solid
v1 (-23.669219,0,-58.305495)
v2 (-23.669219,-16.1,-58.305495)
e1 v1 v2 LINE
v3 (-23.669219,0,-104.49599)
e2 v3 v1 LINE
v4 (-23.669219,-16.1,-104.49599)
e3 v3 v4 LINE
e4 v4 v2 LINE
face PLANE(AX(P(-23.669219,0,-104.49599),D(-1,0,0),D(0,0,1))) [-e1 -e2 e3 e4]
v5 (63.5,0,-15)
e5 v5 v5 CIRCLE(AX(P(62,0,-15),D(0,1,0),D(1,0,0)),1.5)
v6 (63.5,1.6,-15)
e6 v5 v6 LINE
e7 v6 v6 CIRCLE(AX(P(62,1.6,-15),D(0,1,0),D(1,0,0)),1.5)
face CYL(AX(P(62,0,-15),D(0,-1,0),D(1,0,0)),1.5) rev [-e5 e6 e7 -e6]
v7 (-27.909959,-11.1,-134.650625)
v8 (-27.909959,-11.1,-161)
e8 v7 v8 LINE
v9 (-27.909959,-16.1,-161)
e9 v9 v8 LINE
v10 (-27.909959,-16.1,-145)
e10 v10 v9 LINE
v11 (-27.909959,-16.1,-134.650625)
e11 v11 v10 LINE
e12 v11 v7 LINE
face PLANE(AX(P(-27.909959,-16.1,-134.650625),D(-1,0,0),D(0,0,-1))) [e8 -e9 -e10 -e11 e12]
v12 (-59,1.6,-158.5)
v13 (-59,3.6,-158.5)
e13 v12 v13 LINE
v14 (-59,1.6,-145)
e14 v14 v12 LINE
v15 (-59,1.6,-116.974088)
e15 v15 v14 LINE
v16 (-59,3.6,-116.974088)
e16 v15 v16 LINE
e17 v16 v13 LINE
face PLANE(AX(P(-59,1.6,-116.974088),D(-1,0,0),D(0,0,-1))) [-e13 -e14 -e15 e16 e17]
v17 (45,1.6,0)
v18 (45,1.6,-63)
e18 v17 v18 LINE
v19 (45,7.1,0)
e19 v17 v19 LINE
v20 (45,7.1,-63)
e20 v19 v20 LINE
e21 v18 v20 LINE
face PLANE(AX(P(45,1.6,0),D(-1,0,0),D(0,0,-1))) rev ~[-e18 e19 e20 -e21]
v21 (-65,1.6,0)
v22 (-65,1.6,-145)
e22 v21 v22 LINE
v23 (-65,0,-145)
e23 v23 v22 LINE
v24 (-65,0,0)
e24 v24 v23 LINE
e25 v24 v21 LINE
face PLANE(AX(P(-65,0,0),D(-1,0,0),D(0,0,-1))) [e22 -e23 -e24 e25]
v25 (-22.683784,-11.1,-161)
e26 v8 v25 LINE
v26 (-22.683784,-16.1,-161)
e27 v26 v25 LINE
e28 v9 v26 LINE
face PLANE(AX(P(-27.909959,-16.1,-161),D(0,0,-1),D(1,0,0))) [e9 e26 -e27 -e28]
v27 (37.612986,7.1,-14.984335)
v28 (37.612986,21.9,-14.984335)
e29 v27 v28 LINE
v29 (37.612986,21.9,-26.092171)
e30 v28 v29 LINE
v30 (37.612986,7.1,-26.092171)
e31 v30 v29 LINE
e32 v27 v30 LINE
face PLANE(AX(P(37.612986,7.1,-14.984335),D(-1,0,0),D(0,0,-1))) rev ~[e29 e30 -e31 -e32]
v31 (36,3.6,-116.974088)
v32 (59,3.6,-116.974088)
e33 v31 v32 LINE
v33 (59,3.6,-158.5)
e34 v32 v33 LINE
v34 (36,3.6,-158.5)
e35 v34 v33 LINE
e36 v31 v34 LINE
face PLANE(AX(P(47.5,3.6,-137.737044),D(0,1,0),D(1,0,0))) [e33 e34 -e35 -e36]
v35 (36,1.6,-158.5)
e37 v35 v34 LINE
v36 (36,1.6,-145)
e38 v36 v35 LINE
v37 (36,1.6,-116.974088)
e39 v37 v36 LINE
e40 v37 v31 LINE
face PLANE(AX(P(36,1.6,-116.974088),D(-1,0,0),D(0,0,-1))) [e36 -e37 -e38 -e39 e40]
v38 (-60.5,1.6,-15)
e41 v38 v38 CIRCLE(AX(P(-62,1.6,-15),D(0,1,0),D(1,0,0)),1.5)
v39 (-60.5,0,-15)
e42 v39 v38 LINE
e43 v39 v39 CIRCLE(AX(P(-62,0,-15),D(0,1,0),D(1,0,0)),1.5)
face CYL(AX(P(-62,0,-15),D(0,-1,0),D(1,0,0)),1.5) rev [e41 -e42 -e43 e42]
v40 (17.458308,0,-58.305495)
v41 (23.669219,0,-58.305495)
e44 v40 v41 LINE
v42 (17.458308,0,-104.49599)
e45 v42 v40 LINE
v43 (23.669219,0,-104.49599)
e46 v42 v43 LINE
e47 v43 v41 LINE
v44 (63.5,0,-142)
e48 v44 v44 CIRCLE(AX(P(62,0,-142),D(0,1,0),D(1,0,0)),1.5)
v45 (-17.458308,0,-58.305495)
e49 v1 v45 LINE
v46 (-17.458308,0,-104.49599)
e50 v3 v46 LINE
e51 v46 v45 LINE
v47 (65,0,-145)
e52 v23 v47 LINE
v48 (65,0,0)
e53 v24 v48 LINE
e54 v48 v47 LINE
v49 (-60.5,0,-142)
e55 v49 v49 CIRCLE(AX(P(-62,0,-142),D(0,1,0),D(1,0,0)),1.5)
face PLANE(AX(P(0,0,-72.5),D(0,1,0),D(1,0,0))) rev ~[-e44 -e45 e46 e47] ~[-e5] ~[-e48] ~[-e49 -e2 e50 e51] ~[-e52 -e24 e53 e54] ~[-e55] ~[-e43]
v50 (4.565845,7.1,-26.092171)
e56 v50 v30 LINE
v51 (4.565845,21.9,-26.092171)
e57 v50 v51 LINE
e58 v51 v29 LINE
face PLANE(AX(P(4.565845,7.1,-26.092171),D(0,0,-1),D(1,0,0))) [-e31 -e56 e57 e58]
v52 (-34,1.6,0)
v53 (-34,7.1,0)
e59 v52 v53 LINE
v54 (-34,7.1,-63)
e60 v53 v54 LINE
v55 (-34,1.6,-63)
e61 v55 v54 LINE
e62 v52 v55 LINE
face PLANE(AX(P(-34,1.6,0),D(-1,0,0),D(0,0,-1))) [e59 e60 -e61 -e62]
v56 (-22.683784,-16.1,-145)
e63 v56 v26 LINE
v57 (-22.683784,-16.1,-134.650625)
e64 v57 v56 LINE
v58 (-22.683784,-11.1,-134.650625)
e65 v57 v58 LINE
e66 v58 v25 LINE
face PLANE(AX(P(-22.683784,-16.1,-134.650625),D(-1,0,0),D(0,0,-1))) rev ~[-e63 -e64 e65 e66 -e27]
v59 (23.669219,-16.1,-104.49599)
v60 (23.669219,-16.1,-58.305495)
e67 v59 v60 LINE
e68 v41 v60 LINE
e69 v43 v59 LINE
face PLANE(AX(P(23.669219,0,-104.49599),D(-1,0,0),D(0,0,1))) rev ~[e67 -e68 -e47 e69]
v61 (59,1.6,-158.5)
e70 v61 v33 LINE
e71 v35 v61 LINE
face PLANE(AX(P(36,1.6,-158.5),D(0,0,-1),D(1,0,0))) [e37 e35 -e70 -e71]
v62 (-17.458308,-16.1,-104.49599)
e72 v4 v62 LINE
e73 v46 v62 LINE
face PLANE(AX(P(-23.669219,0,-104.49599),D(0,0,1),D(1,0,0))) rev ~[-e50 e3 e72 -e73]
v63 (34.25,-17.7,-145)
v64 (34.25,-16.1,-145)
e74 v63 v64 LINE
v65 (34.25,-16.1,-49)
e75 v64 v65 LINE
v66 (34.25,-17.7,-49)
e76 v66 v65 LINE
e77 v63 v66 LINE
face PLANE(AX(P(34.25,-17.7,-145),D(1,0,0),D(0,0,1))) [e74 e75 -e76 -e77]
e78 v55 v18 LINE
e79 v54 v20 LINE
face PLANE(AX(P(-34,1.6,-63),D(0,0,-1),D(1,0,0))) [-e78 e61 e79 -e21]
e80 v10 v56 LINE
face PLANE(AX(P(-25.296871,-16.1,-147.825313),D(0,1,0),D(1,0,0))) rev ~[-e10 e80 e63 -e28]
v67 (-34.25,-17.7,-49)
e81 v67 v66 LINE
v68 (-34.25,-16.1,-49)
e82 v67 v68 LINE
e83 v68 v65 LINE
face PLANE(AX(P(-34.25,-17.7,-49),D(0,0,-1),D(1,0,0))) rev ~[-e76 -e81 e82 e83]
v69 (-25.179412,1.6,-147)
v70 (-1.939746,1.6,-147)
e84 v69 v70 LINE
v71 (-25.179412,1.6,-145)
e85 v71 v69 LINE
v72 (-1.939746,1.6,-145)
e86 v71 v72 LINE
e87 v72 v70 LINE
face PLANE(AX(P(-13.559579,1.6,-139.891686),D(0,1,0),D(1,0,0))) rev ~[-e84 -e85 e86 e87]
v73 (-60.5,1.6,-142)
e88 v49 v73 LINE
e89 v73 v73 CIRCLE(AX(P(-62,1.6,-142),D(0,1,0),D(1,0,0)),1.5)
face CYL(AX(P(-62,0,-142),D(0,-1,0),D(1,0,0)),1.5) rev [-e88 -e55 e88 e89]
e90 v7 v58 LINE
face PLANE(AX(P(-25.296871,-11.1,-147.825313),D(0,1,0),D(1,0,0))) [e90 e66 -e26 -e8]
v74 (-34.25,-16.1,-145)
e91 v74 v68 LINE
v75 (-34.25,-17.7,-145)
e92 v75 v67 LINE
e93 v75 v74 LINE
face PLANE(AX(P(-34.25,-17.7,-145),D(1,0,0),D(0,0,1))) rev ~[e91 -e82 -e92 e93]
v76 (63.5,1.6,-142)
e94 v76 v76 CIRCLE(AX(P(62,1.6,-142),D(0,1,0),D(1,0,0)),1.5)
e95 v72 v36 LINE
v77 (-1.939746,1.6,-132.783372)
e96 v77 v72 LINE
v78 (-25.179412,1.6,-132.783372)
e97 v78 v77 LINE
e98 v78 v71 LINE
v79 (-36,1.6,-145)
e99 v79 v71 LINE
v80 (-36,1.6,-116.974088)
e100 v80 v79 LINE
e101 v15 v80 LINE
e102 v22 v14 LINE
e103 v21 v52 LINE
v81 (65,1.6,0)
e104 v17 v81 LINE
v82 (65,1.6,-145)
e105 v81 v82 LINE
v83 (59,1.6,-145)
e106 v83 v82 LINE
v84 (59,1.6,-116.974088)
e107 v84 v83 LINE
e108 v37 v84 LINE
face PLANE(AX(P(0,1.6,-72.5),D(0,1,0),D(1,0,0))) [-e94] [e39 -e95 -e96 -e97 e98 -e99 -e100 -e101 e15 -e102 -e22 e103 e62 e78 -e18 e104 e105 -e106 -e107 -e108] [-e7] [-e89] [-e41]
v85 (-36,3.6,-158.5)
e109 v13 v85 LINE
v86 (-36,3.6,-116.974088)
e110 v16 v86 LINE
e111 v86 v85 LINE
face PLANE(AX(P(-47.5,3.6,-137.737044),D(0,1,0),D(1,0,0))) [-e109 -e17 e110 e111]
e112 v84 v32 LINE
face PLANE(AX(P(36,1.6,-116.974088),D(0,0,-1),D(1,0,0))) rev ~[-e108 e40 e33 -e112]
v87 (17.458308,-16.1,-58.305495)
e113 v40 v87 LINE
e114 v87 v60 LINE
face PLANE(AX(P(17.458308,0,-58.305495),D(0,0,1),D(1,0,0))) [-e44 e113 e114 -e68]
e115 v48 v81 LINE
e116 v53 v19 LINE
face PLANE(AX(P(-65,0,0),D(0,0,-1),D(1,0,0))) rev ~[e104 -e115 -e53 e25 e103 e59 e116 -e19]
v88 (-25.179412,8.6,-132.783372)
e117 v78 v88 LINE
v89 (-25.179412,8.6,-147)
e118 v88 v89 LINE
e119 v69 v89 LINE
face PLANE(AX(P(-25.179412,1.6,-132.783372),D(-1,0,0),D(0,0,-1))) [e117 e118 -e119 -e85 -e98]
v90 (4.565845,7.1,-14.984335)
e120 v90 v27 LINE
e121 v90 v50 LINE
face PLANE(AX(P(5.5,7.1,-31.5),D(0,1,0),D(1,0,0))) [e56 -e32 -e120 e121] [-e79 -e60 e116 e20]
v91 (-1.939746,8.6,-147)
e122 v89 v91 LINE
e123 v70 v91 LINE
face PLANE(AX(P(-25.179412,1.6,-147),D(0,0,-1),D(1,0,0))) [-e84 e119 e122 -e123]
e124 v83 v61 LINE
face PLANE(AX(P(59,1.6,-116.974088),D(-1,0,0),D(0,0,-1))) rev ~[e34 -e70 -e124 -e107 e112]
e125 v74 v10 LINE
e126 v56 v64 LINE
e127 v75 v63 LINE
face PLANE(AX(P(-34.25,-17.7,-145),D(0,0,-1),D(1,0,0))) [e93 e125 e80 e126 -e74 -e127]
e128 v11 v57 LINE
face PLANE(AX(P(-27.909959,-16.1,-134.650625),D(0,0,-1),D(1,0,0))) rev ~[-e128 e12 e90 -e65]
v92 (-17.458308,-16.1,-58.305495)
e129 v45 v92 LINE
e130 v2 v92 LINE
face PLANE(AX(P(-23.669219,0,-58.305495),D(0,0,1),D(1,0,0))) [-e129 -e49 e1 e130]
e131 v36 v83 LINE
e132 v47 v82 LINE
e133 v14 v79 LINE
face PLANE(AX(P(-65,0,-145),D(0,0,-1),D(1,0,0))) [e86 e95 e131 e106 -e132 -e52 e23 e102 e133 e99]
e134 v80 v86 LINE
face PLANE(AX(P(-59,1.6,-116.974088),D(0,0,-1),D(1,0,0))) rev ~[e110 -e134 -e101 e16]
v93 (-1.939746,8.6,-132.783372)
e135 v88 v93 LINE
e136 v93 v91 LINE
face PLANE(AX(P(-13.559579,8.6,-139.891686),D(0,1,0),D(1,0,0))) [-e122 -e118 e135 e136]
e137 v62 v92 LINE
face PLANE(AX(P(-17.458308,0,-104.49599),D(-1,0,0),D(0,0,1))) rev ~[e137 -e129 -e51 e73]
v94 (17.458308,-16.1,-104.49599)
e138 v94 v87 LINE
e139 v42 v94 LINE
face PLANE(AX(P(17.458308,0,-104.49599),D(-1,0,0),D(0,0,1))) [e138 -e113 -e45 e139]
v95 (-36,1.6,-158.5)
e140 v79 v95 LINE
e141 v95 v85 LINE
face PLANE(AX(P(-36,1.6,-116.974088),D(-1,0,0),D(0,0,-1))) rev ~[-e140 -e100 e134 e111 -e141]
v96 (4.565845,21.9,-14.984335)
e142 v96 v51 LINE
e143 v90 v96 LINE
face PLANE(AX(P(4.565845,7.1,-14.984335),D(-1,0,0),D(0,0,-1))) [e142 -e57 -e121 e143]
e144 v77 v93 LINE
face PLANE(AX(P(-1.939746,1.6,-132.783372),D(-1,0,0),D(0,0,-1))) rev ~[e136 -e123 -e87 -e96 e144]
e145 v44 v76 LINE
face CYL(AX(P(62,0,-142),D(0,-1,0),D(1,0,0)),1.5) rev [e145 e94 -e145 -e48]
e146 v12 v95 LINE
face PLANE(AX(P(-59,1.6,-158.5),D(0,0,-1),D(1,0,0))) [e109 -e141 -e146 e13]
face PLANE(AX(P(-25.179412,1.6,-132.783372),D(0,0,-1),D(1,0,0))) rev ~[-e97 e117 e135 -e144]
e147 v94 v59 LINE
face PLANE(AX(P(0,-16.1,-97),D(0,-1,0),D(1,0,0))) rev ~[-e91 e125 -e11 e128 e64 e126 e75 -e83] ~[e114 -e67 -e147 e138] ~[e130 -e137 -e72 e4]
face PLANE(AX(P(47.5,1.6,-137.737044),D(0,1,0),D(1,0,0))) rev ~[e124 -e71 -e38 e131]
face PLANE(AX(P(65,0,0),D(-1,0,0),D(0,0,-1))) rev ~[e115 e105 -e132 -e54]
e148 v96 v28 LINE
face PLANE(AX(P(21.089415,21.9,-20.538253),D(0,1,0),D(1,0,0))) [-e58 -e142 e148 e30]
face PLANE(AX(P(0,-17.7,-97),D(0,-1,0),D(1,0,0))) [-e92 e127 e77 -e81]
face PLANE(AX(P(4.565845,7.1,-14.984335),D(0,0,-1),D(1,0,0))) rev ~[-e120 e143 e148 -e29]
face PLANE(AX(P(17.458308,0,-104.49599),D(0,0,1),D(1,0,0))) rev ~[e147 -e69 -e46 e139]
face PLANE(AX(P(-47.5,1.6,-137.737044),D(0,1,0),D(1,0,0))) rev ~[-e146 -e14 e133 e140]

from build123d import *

# Parameters (mm, degrees)
ESQUISSE1_W        = 130
ESQUISSE1_H        = 145
ESQUISSE1_R        = 1.5
BOSS_EXTRU_1_DEPTH = 1.6
ESQUISSE2_W        = 79
ESQUISSE2_H        = 63
BOSS_EXTRU_2_DEPTH = 5.5
ESQUISSE3_W        = 33.047140846
ESQUISSE3_H        = 11.107836296
BOSS_EXTRU_3_DEPTH = 14.8
ESQUISSE4_W        = 23.239665889
ESQUISSE4_H        = 14.216628141
BOSS_EXTRU_4_DEPTH = 7
ESQUISSE5_W        = 23
ESQUISSE5_H        = 41.525911652
BOSS_EXTRU_5_DEPTH = 2
ESQUISSE6_W        = 6.210910455
ESQUISSE6_H        = 46.190495577
BOSS_EXTRU_6_DEPTH = 17.7
ESQUISSE7_W        = 68.5
ESQUISSE7_H        = 96
BOSS_EXTRU_7_DEPTH = 1.6
ESQUISSE8_W        = 5.226174608
ESQUISSE8_H        = 26.34937469
BOSS_EXTRU_8_DEPTH = 5


with BuildPart() as part:
    # Esquisse1 → Boss.-Extru.1 (new body)
    with BuildSketch(Plane(origin=(0, 0, 0), x_dir=(1, 0, 0), z_dir=(0, 1, 0))):
        with Locations((0, 72.5)):
            Rectangle(ESQUISSE1_W, ESQUISSE1_H)
        with Locations((-62, 142)):
            Circle(ESQUISSE1_R, mode=Mode.SUBTRACT)
        with Locations((62, 142)):
            Circle(ESQUISSE1_R, mode=Mode.SUBTRACT)
        with Locations((62, 15)):
            Circle(ESQUISSE1_R, mode=Mode.SUBTRACT)
        with Locations((-62, 15)):
            Circle(ESQUISSE1_R, mode=Mode.SUBTRACT)
    extrude(amount=BOSS_EXTRU_1_DEPTH)

    # Esquisse2 → Boss.-Extru.2 (add)
    with BuildSketch(Plane(origin=(0, 1.6, 0), x_dir=(1, 0, 0), z_dir=(0, 1, 0))):
        with Locations((5.5, 31.5)):
            Rectangle(ESQUISSE2_W, ESQUISSE2_H)
    extrude(amount=BOSS_EXTRU_2_DEPTH)

    # Esquisse3 → Boss.-Extru.3 (add)
    with BuildSketch(Plane(origin=(0, 7.1, 0), x_dir=(1, 0, 0), z_dir=(0, 1, 0))):
        with Locations((21.089415125, 20.538253018)):
            Rectangle(ESQUISSE3_W, ESQUISSE3_H)
    extrude(amount=BOSS_EXTRU_3_DEPTH)

    # Esquisse4 → Boss.-Extru.4 (add)
    with BuildSketch(Plane(origin=(0, 1.6, 0), x_dir=(1, 0, 0), z_dir=(0, 1, 0))):
        with Locations((-13.559579353, 139.891685929)):
            Rectangle(ESQUISSE4_W, ESQUISSE4_H)
    extrude(amount=BOSS_EXTRU_4_DEPTH)

    # Esquisse5 → Boss.-Extru.5 (add)
    with BuildSketch(Plane(origin=(0, 1.6, 0), x_dir=(1, 0, 0), z_dir=(0, 1, 0))):
        with Locations((-47.5, 137.737044174)):
            Rectangle(ESQUISSE5_W, ESQUISSE5_H)
        with Locations((47.5, 137.737044174)):
            Rectangle(ESQUISSE5_W, ESQUISSE5_H)
    extrude(amount=BOSS_EXTRU_5_DEPTH)

    # Esquisse6 → Boss.-Extru.6 (add)
    with BuildSketch(Plane.XZ):
        with Locations((20.563763626, -81.400742682)):
            Rectangle(ESQUISSE6_W, ESQUISSE6_H)
        with Locations((-20.563763626, -81.400742682)):
            Rectangle(ESQUISSE6_W, ESQUISSE6_H)
    extrude(amount=BOSS_EXTRU_6_DEPTH)

    # Esquisse7 → Boss.-Extru.7 (add)
    with BuildSketch(Plane.XZ.offset(17.7)):
        with Locations((0, -97)):
            Rectangle(ESQUISSE7_W, ESQUISSE7_H)
    extrude(amount=-BOSS_EXTRU_7_DEPTH)

    # Esquisse8 → Boss.-Extru.8 (add)
    with BuildSketch(Plane(origin=(0, -16.1, 0), x_dir=(1, 0, 0), z_dir=(0, 1, 0))):
        with Locations((-25.296871339, 147.825312655)):
            Rectangle(ESQUISSE8_W, ESQUISSE8_H)
    extrude(amount=BOSS_EXTRU_8_DEPTH)


solid = part.part
